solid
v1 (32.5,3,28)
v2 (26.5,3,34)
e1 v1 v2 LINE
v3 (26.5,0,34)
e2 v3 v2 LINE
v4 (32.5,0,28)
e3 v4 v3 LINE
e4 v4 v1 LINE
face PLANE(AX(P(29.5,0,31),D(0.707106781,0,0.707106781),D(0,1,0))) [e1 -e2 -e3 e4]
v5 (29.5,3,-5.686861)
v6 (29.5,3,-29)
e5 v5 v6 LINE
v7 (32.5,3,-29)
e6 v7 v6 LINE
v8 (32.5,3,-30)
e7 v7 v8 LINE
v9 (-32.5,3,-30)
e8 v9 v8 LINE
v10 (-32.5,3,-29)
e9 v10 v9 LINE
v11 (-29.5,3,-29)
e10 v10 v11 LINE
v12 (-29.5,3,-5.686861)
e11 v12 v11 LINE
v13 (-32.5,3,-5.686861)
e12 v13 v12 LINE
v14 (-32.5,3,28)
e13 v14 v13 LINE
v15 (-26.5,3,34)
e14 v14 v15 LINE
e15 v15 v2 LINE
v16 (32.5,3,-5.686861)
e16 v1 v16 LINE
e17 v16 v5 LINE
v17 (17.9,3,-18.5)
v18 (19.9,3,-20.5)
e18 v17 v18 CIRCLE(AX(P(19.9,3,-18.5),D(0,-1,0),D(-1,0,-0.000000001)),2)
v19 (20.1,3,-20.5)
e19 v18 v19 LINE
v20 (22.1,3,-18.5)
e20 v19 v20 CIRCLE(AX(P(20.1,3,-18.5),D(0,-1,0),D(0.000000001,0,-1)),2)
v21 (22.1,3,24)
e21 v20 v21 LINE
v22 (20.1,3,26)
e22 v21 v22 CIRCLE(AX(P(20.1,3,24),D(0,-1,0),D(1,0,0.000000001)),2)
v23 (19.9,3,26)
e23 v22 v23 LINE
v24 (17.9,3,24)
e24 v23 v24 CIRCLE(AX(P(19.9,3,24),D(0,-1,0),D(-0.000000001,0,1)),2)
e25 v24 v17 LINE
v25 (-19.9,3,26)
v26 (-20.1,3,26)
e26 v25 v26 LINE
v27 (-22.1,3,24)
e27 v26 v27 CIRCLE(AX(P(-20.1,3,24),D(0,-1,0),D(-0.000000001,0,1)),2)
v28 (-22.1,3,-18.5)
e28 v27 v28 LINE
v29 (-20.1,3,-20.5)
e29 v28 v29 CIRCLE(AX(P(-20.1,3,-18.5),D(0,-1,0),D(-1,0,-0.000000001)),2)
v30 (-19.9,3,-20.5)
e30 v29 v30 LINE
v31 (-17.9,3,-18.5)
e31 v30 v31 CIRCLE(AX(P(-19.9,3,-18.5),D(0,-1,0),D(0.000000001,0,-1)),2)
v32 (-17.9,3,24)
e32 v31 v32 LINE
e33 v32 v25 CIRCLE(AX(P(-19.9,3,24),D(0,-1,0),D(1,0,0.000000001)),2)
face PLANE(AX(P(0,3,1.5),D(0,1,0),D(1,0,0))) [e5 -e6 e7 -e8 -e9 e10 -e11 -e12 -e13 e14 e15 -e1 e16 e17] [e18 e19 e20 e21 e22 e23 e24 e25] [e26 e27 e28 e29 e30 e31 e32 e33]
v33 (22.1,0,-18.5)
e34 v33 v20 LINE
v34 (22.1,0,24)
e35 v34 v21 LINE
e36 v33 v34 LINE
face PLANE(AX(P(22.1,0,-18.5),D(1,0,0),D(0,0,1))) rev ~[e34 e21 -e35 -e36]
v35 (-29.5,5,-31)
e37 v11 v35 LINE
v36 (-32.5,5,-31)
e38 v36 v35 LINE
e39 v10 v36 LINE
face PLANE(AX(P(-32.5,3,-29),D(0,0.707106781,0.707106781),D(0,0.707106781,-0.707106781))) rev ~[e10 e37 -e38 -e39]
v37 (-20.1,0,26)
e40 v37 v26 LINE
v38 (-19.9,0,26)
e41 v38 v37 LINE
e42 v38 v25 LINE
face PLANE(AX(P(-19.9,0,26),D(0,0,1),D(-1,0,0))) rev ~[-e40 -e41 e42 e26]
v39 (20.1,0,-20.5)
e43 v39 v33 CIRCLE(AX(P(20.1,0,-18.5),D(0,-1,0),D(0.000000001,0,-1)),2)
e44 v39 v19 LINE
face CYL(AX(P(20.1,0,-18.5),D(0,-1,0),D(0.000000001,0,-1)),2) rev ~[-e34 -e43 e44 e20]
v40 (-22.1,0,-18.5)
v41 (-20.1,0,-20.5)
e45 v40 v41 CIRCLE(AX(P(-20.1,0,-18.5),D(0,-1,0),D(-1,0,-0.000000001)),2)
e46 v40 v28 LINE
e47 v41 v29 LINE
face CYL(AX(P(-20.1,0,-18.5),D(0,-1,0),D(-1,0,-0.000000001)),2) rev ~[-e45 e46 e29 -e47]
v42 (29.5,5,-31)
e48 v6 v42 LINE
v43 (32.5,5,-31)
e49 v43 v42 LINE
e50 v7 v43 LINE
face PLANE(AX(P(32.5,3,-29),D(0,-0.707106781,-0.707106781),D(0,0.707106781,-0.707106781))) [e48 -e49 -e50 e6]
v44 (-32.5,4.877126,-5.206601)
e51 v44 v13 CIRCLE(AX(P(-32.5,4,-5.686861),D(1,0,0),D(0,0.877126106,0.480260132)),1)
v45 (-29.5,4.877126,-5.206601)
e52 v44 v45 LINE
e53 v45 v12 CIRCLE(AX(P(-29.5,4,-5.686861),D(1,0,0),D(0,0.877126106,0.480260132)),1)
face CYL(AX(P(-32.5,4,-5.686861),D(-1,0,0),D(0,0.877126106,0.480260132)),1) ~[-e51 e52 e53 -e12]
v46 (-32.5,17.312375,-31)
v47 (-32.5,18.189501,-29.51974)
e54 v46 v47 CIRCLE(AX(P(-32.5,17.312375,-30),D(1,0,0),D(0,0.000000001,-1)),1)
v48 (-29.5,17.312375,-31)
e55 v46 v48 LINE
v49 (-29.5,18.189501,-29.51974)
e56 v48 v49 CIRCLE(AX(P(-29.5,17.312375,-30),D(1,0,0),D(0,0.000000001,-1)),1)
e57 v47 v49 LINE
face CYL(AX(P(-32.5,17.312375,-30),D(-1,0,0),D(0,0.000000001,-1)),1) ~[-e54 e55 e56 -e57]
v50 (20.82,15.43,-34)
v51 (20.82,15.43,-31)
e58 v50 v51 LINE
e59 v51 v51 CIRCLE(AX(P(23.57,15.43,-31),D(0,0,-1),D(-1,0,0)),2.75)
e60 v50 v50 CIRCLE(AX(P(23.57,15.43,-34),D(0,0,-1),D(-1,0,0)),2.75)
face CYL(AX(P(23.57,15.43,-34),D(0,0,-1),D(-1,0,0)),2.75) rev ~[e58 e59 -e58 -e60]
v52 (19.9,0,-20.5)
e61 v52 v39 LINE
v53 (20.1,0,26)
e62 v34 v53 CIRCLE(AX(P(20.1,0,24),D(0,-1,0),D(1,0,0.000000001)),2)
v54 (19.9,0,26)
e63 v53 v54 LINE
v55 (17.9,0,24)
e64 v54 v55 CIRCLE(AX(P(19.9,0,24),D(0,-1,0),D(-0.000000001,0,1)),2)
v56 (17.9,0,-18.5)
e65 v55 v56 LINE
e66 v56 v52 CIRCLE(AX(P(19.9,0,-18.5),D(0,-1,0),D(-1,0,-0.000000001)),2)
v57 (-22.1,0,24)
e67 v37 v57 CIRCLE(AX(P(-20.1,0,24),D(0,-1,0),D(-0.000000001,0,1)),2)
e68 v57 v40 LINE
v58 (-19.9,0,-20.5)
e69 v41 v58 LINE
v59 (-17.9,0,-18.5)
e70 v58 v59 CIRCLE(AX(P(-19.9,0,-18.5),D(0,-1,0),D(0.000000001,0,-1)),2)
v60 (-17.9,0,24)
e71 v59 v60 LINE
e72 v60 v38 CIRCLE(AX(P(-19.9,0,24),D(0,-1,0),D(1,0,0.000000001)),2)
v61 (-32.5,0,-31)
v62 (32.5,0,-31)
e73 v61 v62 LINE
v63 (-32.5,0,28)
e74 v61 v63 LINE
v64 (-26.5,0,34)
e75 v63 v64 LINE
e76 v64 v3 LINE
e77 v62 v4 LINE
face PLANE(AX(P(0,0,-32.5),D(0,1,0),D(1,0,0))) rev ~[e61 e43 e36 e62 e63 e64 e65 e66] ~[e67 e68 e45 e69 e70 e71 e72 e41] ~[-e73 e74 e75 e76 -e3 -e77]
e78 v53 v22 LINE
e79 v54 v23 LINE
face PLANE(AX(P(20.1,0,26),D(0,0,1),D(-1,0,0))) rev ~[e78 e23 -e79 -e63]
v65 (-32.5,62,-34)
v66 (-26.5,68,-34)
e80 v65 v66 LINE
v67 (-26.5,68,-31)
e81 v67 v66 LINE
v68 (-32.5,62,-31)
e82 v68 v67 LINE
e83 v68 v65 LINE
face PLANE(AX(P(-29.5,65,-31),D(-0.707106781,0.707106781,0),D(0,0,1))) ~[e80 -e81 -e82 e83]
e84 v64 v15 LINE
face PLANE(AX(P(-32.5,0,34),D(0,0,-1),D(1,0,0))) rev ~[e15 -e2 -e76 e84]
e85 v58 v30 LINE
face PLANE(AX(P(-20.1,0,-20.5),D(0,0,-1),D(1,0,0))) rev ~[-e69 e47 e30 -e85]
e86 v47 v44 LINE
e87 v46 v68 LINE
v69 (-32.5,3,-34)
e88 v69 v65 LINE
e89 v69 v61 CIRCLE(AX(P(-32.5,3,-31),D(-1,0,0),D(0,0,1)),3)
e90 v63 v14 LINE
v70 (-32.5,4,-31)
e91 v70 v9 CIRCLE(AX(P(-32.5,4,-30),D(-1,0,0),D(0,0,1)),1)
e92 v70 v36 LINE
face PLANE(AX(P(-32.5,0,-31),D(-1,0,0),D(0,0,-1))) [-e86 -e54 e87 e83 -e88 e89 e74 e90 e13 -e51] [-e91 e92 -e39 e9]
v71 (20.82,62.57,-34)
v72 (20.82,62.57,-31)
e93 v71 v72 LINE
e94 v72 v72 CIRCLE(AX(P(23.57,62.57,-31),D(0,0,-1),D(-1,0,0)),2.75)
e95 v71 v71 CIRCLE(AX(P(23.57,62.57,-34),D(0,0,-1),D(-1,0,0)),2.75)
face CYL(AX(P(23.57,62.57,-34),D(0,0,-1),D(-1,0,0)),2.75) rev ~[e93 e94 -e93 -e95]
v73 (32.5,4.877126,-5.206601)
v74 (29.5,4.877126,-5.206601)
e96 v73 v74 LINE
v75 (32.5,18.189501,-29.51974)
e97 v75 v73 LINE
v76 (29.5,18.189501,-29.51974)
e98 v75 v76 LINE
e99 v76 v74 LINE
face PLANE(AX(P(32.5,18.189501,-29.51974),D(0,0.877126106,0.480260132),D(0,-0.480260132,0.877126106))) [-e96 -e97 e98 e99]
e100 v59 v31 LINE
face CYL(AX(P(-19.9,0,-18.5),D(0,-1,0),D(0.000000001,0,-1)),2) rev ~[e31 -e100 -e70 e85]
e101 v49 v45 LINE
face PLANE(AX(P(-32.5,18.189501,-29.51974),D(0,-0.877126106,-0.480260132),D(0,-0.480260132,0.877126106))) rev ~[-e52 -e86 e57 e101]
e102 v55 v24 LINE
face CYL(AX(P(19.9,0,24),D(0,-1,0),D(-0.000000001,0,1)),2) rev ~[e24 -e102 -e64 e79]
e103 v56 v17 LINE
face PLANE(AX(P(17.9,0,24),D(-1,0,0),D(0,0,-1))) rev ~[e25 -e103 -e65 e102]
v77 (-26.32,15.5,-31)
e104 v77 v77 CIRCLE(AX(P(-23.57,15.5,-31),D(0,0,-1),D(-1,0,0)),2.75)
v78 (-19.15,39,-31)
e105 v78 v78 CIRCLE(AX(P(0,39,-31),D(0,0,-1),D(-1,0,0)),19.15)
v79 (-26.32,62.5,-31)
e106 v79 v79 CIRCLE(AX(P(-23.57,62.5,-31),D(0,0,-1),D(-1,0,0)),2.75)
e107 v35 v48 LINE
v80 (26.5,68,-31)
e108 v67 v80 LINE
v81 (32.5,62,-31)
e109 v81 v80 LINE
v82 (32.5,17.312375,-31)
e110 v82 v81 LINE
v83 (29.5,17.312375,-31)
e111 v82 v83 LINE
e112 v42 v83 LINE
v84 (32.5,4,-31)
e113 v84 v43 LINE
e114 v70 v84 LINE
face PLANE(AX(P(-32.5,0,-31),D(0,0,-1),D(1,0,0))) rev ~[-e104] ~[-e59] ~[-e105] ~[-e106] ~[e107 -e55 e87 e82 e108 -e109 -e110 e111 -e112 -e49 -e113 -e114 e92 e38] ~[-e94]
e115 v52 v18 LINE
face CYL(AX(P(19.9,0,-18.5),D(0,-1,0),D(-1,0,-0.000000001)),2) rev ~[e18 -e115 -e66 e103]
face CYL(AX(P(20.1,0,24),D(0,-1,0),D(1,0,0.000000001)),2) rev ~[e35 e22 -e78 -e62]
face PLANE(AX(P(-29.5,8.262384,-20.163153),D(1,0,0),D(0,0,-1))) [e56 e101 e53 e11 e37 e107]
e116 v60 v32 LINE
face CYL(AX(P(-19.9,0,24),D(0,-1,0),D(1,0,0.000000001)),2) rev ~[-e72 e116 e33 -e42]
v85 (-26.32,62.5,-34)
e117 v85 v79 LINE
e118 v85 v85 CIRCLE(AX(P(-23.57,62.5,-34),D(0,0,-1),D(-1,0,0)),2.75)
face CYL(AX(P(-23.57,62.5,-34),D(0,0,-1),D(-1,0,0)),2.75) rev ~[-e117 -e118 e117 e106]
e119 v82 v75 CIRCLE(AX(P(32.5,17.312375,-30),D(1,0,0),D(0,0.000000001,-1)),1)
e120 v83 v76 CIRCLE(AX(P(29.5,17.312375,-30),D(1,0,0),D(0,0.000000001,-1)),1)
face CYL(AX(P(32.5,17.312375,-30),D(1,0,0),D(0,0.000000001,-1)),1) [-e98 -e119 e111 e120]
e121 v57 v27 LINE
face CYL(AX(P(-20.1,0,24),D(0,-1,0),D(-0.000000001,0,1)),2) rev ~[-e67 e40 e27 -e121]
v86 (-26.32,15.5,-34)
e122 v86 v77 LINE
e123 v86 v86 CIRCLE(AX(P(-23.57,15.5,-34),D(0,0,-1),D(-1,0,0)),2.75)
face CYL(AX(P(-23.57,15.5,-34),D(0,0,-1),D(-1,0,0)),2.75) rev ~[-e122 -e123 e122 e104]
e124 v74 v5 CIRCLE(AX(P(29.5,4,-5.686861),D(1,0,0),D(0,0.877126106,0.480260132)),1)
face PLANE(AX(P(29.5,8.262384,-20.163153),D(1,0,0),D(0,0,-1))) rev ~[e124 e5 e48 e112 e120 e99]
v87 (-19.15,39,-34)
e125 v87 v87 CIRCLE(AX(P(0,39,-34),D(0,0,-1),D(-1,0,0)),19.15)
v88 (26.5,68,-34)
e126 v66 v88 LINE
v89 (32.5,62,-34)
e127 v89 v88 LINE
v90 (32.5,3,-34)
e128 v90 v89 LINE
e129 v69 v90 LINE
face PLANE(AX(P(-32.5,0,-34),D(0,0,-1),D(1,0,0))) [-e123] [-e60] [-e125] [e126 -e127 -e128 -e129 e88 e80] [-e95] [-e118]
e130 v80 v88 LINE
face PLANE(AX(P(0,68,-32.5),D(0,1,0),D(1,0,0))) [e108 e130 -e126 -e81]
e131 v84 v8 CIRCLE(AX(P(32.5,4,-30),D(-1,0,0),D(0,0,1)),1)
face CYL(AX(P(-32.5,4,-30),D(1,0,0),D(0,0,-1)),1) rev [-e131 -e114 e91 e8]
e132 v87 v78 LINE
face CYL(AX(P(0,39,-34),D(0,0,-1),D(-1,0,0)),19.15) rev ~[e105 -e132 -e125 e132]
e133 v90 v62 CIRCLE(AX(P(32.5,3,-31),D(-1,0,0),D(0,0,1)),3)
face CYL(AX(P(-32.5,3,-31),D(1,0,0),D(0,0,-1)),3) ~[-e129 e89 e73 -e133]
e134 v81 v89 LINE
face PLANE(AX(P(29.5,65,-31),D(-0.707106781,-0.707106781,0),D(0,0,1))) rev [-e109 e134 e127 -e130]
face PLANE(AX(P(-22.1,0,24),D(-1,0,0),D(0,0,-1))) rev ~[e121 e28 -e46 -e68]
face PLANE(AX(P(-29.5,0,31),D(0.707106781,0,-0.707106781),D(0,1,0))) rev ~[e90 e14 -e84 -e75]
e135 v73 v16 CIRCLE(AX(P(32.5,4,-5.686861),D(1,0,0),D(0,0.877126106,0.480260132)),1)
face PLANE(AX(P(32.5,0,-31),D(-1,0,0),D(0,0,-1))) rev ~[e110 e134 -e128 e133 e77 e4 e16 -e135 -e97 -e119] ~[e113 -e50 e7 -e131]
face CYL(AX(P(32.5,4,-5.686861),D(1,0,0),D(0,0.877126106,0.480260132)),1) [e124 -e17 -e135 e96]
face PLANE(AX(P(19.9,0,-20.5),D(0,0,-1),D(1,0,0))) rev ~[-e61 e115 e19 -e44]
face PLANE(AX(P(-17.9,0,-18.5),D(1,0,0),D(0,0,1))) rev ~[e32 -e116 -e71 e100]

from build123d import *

# Parameters (mm, degrees)
SKETCH_1_W          = 65
SKETCH_1_H          = 65
EXTRUDE_1_DEPTH     = 3
SKETCH_1_3_W        = 65
SKETCH_1_3_H        = 3
EXTRUDE_2_DEPTH     = 68
CHAMFER_1_SIZE      = 6
CUT_EXTRUDE_1_REACH = 103.51
SKETCH_3_R          = 19.15
SKETCH_3_R_2        = 2.75
FILLET_1_R          = 3
FILLET_2_R          = 1
EXTRUDE_3_DEPTH     = 3
EXTRUDE_START       = -65
EXTRUDE_4_DEPTH     = 3


with BuildPart() as part:
    # Эскиз1 → Бобышка-Вытянуть1 (new body)
    with BuildSketch(Plane(origin=(0, 0, 0), x_dir=(1, 0, 0), z_dir=(0, 1, 0))):
        with Locations((0, -1.5)):
            Rectangle(SKETCH_1_W, SKETCH_1_H)
        with BuildLine():
            Line((-20.1, 20.5), (-19.9, 20.5))
            ThreePointArc((-19.9, 20.5), (-18.485786438, 19.914213562), (-17.9, 18.5))
            Line((-17.9, 18.5), (-17.9, -24))
            ThreePointArc((-17.9, -24), (-18.485786438, -25.414213562), (-19.9, -26))
            Line((-19.9, -26), (-20.1, -26))
            ThreePointArc((-20.1, -26), (-21.514213562, -25.414213562), (-22.1, -24))
            Line((-22.1, -24), (-22.1, 18.5))
            ThreePointArc((-22.1, 18.5), (-21.514213562, 19.914213562), (-20.1, 20.5))
        make_face(mode=Mode.SUBTRACT)
        with BuildLine():
            ThreePointArc((20.1, 20.5), (21.514213562, 19.914213562), (22.1, 18.5))
            Line((22.1, 18.5), (22.1, -24))
            ThreePointArc((22.1, -24), (21.514213562, -25.414213562), (20.1, -26))
            Line((20.1, -26), (19.9, -26))
            ThreePointArc((19.9, -26), (18.485786438, -25.414213562), (17.9, -24))
            Line((17.9, -24), (17.9, 18.5))
            ThreePointArc((17.9, 18.5), (18.485786438, 19.914213562), (19.9, 20.5))
            Line((19.9, 20.5), (20.1, 20.5))
        make_face(mode=Mode.SUBTRACT)
    extrude(amount=EXTRUDE_1_DEPTH)

    # Эскиз1<3> → Бобышка-Вытянуть2 (add)
    with BuildSketch(Plane(origin=(0, 0, 0), x_dir=(1, 0, 0), z_dir=(0, 1, 0))):
        with Locations((0, 32.5)):
            Rectangle(SKETCH_1_3_W, SKETCH_1_3_H)
    extrude(amount=EXTRUDE_2_DEPTH)

    # Фаска1
    chamfer_1_edges = [part.edges().sort_by_distance(p)[0] for p in [
        (32.5, 68, -32.5),
        (-32.5, 68, -32.5),
        (32.5, 1.5, 34),
        (-32.5, 1.5, 34),
    ]]
    chamfer(chamfer_1_edges, length=CHAMFER_1_SIZE)

    # Эскиз3 → Вырез-Вытянуть1 (cut, up to next)
    with BuildSketch(Plane(origin=(0, 0, -34), x_dir=(-1, 0, 0), z_dir=(0, 0, -1)), mode=Mode.PRIVATE) as cut_extrude_1_sk1:
        with Locations((0, 39)):
            Circle(SKETCH_3_R)
    cut_extrude_1_tool1 = extrude(cut_extrude_1_sk1.sketch, amount=-CUT_EXTRUDE_1_REACH, mode=Mode.PRIVATE) & part.part
    # Эскиз3 → Вырез-Вытянуть1 (cut, up to next)
    with BuildSketch(Plane(origin=(0, 0, -34), x_dir=(-1, 0, 0), z_dir=(0, 0, -1)), mode=Mode.PRIVATE) as cut_extrude_1_sk2:
        with Locations((-23.57, 62.57)):
            Circle(SKETCH_3_R_2)
    cut_extrude_1_tool2 = extrude(cut_extrude_1_sk2.sketch, amount=-CUT_EXTRUDE_1_REACH, mode=Mode.PRIVATE) & part.part
    # Эскиз3 → Вырез-Вытянуть1 (cut, up to next)
    with BuildSketch(Plane(origin=(0, 0, -34), x_dir=(-1, 0, 0), z_dir=(0, 0, -1)), mode=Mode.PRIVATE) as cut_extrude_1_sk3:
        with Locations((23.57, 62.5)):
            Circle(SKETCH_3_R_2)
    cut_extrude_1_tool3 = extrude(cut_extrude_1_sk3.sketch, amount=-CUT_EXTRUDE_1_REACH, mode=Mode.PRIVATE) & part.part
    # Эскиз3 → Вырез-Вытянуть1 (cut, up to next)
    with BuildSketch(Plane(origin=(0, 0, -34), x_dir=(-1, 0, 0), z_dir=(0, 0, -1)), mode=Mode.PRIVATE) as cut_extrude_1_sk4:
        with Locations((23.57, 15.5)):
            Circle(SKETCH_3_R_2)
    cut_extrude_1_tool4 = extrude(cut_extrude_1_sk4.sketch, amount=-CUT_EXTRUDE_1_REACH, mode=Mode.PRIVATE) & part.part
    # Эскиз3 → Вырез-Вытянуть1 (cut, up to next)
    with BuildSketch(Plane(origin=(0, 0, -34), x_dir=(-1, 0, 0), z_dir=(0, 0, -1)), mode=Mode.PRIVATE) as cut_extrude_1_sk5:
        with Locations((-23.57, 15.43)):
            Circle(SKETCH_3_R_2)
    cut_extrude_1_tool5 = extrude(cut_extrude_1_sk5.sketch, amount=-CUT_EXTRUDE_1_REACH, mode=Mode.PRIVATE) & part.part
    add(cut_extrude_1_tool1.solids().sort_by_distance((0, 39, -34))[0], mode=Mode.SUBTRACT)
    add(cut_extrude_1_tool2.solids().sort_by_distance((23.57, 62.57, -34))[0], mode=Mode.SUBTRACT)
    add(cut_extrude_1_tool3.solids().sort_by_distance((-23.57, 62.5, -34))[0], mode=Mode.SUBTRACT)
    add(cut_extrude_1_tool4.solids().sort_by_distance((-23.57, 15.5, -34))[0], mode=Mode.SUBTRACT)
    add(cut_extrude_1_tool5.solids().sort_by_distance((23.57, 15.43, -34))[0], mode=Mode.SUBTRACT)

    # Скругление1
    fillet_1_edges = [part.edges().sort_by_distance(p)[0] for p in [
        (0, 0, -34),
    ]]
    fillet(fillet_1_edges, radius=FILLET_1_R)

    # Скругление2
    fillet_2_edges = [part.edges().sort_by_distance(p)[0] for p in [
        (0, 3, -31),
    ]]
    fillet(fillet_2_edges, radius=FILLET_2_R)

    # Эскиз5 → Бобышка-Вытянуть3 (add)
    with BuildSketch(Plane.ZY.offset(32.5)):
        with BuildLine():
            Line((-31, 5), (-31, 17.312374786))
            ThreePointArc((-31, 17.312374786), (-30.509774395, 18.172682908), (-29.519739868, 18.189500891))
            Line((-29.519739868, 18.189500891), (-5.206600655, 4.877126106))
            ThreePointArc((-5.206600655, 4.877126106), (-4.718066148, 3.752135224), (-5.686860788, 3))
            Line((-5.686860788, 3), (-29, 3))
            Line((-29, 3), (-31, 5))
        make_face()
    extrude(amount=-EXTRUDE_3_DEPTH)

    # Эскиз5<2> → Бобышка-Вытянуть4 (add)
    with BuildSketch(Plane.ZY.offset(32.5).offset(EXTRUDE_START)):
        with BuildLine():
            Line((-31, 5), (-31, 17.312374786))
            ThreePointArc((-31, 17.312374786), (-30.509774395, 18.172682908), (-29.519739868, 18.189500891))
            Line((-29.519739868, 18.189500891), (-5.206600655, 4.877126106))
            ThreePointArc((-5.206600655, 4.877126106), (-4.718066148, 3.752135224), (-5.686860788, 3))
            Line((-5.686860788, 3), (-29, 3))
            Line((-29, 3), (-31, 5))
        make_face()
    extrude(amount=EXTRUDE_4_DEPTH)


solid = part.part
